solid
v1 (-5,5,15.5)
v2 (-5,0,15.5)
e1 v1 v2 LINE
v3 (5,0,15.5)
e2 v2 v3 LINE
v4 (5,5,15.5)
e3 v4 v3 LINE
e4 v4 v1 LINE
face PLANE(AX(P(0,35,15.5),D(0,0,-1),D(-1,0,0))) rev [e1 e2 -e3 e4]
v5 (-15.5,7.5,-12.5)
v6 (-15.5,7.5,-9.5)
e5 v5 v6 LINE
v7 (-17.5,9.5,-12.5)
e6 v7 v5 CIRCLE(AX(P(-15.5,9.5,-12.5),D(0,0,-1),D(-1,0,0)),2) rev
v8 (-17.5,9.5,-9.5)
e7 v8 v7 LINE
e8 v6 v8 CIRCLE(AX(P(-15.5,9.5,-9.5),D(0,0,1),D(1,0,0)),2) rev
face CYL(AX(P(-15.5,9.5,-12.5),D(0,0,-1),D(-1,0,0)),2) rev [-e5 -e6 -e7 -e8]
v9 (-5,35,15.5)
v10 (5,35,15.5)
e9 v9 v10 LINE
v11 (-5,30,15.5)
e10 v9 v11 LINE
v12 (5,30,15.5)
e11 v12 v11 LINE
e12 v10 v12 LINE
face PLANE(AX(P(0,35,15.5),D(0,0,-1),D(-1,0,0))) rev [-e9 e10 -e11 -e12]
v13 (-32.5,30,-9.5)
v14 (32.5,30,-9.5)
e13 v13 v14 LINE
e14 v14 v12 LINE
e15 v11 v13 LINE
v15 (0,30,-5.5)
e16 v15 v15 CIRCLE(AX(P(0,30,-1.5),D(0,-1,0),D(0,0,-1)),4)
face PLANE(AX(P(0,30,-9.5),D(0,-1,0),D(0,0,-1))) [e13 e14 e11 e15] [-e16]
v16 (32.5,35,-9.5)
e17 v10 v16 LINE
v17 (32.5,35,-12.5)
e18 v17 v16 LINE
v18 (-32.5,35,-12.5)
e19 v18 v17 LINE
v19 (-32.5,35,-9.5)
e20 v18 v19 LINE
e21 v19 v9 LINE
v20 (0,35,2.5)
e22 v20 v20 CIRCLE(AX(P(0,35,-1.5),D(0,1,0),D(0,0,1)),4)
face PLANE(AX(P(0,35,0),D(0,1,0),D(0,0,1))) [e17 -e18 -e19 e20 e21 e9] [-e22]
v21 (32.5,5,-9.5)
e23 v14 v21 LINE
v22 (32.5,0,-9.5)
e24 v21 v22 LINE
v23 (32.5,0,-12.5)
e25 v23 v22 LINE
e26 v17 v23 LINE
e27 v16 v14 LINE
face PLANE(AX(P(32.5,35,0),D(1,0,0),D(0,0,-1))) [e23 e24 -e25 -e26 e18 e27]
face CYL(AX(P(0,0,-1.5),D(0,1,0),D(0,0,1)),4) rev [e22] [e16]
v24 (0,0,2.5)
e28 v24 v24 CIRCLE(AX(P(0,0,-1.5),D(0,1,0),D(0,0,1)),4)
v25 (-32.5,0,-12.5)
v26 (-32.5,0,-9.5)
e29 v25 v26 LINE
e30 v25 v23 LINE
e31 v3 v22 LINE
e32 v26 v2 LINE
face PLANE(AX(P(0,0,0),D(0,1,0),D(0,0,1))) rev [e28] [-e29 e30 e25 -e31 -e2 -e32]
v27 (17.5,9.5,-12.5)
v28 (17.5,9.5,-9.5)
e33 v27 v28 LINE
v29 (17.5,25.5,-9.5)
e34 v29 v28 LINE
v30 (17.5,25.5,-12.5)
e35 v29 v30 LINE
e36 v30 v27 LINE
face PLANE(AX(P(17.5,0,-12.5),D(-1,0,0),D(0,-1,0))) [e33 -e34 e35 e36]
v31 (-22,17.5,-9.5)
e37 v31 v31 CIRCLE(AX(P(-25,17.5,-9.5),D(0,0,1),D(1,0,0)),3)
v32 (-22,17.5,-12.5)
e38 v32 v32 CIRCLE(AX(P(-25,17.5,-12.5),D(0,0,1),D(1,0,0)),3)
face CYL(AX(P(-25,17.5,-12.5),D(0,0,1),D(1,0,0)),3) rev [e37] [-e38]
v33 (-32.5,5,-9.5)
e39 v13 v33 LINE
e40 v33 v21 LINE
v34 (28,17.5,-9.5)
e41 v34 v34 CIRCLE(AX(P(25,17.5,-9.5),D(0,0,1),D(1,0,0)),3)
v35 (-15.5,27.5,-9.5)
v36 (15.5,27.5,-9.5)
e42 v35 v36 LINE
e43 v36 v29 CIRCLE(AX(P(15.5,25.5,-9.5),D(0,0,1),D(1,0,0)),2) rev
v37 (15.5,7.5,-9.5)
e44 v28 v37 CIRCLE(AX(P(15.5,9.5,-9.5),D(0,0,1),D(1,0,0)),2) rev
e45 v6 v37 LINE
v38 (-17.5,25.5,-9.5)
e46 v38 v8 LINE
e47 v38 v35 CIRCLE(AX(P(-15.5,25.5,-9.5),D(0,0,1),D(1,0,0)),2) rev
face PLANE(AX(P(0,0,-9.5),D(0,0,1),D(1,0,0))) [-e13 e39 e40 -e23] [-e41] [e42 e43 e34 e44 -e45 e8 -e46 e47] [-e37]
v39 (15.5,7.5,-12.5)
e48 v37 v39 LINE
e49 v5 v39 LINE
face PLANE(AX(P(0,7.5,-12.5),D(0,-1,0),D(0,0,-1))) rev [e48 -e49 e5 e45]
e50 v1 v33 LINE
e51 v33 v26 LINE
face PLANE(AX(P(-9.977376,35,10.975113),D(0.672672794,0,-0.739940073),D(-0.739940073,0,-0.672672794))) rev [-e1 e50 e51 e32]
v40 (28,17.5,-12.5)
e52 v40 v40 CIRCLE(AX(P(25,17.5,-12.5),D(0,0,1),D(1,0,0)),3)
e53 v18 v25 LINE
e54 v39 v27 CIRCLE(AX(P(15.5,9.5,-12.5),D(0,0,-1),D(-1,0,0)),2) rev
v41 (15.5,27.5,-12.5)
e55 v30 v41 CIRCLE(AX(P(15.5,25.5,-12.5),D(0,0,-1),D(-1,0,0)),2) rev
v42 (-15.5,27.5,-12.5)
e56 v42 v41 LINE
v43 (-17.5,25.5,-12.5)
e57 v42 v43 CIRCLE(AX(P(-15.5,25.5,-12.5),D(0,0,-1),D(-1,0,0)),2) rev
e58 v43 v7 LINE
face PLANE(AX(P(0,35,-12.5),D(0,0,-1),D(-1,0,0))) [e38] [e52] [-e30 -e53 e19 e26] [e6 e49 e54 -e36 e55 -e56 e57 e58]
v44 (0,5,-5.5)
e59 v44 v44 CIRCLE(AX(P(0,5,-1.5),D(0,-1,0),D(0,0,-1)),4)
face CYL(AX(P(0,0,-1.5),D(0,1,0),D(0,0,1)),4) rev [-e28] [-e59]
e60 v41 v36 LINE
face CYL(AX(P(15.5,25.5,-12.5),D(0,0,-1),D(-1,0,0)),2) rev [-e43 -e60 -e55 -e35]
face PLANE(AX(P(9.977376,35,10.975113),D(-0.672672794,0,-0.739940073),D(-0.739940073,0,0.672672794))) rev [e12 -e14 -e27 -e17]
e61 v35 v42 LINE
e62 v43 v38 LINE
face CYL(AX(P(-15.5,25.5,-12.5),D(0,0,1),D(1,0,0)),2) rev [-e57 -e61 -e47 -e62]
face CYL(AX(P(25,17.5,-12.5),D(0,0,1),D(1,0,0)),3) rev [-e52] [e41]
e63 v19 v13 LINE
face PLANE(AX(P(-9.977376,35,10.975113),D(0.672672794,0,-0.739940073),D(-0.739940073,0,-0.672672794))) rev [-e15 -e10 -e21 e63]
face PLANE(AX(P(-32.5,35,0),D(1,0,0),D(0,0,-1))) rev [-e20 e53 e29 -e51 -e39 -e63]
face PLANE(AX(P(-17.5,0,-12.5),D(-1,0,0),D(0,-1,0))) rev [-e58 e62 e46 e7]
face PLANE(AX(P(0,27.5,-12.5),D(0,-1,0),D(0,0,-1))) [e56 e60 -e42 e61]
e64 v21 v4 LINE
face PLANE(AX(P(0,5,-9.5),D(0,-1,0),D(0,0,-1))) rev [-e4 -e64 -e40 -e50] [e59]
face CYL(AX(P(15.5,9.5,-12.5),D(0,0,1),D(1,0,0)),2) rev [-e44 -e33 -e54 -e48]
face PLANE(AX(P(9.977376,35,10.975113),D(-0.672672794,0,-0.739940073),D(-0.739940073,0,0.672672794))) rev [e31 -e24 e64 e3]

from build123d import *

# Parameters (mm, degrees)
BOSS_EXTRUDE1_DEPTH     = 35
CUT_EXTRUDE1_DEPTH      = 15.5
CUT_EXTRUDE1_DEPTH_BACK = 9.5
CUT_EXTRUDE2_DEPTH      = 51.214539727
CUT_EXTRUDE2_DEPTH_BACK = 51.214539727
SKETCH5_R               = 3
SKETCH5_W               = 35
SKETCH5_H               = 20
FILLET1_R               = 2
CUT_EXTRUDE3_DEPTH      = 51.214539727
CUT_EXTRUDE3_DEPTH_BACK = 51.214539727
SKETCH6_R               = 4


with BuildPart() as part:
    # Sketch1 → Boss-Extrude1 (new body)
    with BuildSketch(Plane(origin=(0, 0, 0), x_dir=(1, 0, 0), z_dir=(0, 1, 0))):
        Polygon((-32.5, 12.5), (32.5, 12.5), (32.5, 9.5), (5, -15.5), (-5, -15.5), (-32.5, 9.5), align=None)
    extrude(amount=BOSS_EXTRUDE1_DEPTH)

    # Sketch4 → Cut-Extrude1 (cut, two sides: drawn at the far end of the back side and taken through both)
    with BuildSketch(Plane.XY.offset(-CUT_EXTRUDE1_DEPTH_BACK)):
        Polygon((-23.214285714, 30), (23.214285714, 5), (32.5, 5), (32.5, 30), align=None)
        Polygon((-32.5, 5), (23.214285714, 5), (-23.214285714, 30), (-32.5, 30), align=None)
    extrude(amount=CUT_EXTRUDE1_DEPTH + CUT_EXTRUDE1_DEPTH_BACK, mode=Mode.SUBTRACT)

    # Sketch5 → Cut-Extrude2 (cut, two sides: drawn at the far end of the back side and taken through both)
    with BuildSketch(Plane.XY.offset(-CUT_EXTRUDE2_DEPTH_BACK)):
        with Locations((-25, 17.5)):
            Circle(SKETCH5_R)
        with Locations((25, 17.5)):
            Circle(SKETCH5_R)
        with Locations((0, 17.5)):
            Rectangle(SKETCH5_W, SKETCH5_H)
    extrude(amount=CUT_EXTRUDE2_DEPTH + CUT_EXTRUDE2_DEPTH_BACK, mode=Mode.SUBTRACT)

    # Fillet1
    fillet1_edges = [part.edges().sort_by_distance(p)[0] for p in [
        (17.5, 27.5, -11),
        (17.5, 7.5, -11),
        (-17.5, 7.5, -11),
        (-17.5, 27.5, -11),
    ]]
    fillet(fillet1_edges, radius=FILLET1_R)

    # Sketch6 → Cut-Extrude3 (cut, two sides: drawn at the far end of the back side and taken through both)
    with BuildSketch(Plane(origin=(0, 35, 0), x_dir=(1, 0, 0), z_dir=(0, 1, 0)).offset(-CUT_EXTRUDE3_DEPTH_BACK)):
        with Locations(Location((0, 1.5, 0), (0, 0, 270))):
            Circle(SKETCH6_R)
    extrude(amount=CUT_EXTRUDE3_DEPTH + CUT_EXTRUDE3_DEPTH_BACK, mode=Mode.SUBTRACT)


solid = part.part
